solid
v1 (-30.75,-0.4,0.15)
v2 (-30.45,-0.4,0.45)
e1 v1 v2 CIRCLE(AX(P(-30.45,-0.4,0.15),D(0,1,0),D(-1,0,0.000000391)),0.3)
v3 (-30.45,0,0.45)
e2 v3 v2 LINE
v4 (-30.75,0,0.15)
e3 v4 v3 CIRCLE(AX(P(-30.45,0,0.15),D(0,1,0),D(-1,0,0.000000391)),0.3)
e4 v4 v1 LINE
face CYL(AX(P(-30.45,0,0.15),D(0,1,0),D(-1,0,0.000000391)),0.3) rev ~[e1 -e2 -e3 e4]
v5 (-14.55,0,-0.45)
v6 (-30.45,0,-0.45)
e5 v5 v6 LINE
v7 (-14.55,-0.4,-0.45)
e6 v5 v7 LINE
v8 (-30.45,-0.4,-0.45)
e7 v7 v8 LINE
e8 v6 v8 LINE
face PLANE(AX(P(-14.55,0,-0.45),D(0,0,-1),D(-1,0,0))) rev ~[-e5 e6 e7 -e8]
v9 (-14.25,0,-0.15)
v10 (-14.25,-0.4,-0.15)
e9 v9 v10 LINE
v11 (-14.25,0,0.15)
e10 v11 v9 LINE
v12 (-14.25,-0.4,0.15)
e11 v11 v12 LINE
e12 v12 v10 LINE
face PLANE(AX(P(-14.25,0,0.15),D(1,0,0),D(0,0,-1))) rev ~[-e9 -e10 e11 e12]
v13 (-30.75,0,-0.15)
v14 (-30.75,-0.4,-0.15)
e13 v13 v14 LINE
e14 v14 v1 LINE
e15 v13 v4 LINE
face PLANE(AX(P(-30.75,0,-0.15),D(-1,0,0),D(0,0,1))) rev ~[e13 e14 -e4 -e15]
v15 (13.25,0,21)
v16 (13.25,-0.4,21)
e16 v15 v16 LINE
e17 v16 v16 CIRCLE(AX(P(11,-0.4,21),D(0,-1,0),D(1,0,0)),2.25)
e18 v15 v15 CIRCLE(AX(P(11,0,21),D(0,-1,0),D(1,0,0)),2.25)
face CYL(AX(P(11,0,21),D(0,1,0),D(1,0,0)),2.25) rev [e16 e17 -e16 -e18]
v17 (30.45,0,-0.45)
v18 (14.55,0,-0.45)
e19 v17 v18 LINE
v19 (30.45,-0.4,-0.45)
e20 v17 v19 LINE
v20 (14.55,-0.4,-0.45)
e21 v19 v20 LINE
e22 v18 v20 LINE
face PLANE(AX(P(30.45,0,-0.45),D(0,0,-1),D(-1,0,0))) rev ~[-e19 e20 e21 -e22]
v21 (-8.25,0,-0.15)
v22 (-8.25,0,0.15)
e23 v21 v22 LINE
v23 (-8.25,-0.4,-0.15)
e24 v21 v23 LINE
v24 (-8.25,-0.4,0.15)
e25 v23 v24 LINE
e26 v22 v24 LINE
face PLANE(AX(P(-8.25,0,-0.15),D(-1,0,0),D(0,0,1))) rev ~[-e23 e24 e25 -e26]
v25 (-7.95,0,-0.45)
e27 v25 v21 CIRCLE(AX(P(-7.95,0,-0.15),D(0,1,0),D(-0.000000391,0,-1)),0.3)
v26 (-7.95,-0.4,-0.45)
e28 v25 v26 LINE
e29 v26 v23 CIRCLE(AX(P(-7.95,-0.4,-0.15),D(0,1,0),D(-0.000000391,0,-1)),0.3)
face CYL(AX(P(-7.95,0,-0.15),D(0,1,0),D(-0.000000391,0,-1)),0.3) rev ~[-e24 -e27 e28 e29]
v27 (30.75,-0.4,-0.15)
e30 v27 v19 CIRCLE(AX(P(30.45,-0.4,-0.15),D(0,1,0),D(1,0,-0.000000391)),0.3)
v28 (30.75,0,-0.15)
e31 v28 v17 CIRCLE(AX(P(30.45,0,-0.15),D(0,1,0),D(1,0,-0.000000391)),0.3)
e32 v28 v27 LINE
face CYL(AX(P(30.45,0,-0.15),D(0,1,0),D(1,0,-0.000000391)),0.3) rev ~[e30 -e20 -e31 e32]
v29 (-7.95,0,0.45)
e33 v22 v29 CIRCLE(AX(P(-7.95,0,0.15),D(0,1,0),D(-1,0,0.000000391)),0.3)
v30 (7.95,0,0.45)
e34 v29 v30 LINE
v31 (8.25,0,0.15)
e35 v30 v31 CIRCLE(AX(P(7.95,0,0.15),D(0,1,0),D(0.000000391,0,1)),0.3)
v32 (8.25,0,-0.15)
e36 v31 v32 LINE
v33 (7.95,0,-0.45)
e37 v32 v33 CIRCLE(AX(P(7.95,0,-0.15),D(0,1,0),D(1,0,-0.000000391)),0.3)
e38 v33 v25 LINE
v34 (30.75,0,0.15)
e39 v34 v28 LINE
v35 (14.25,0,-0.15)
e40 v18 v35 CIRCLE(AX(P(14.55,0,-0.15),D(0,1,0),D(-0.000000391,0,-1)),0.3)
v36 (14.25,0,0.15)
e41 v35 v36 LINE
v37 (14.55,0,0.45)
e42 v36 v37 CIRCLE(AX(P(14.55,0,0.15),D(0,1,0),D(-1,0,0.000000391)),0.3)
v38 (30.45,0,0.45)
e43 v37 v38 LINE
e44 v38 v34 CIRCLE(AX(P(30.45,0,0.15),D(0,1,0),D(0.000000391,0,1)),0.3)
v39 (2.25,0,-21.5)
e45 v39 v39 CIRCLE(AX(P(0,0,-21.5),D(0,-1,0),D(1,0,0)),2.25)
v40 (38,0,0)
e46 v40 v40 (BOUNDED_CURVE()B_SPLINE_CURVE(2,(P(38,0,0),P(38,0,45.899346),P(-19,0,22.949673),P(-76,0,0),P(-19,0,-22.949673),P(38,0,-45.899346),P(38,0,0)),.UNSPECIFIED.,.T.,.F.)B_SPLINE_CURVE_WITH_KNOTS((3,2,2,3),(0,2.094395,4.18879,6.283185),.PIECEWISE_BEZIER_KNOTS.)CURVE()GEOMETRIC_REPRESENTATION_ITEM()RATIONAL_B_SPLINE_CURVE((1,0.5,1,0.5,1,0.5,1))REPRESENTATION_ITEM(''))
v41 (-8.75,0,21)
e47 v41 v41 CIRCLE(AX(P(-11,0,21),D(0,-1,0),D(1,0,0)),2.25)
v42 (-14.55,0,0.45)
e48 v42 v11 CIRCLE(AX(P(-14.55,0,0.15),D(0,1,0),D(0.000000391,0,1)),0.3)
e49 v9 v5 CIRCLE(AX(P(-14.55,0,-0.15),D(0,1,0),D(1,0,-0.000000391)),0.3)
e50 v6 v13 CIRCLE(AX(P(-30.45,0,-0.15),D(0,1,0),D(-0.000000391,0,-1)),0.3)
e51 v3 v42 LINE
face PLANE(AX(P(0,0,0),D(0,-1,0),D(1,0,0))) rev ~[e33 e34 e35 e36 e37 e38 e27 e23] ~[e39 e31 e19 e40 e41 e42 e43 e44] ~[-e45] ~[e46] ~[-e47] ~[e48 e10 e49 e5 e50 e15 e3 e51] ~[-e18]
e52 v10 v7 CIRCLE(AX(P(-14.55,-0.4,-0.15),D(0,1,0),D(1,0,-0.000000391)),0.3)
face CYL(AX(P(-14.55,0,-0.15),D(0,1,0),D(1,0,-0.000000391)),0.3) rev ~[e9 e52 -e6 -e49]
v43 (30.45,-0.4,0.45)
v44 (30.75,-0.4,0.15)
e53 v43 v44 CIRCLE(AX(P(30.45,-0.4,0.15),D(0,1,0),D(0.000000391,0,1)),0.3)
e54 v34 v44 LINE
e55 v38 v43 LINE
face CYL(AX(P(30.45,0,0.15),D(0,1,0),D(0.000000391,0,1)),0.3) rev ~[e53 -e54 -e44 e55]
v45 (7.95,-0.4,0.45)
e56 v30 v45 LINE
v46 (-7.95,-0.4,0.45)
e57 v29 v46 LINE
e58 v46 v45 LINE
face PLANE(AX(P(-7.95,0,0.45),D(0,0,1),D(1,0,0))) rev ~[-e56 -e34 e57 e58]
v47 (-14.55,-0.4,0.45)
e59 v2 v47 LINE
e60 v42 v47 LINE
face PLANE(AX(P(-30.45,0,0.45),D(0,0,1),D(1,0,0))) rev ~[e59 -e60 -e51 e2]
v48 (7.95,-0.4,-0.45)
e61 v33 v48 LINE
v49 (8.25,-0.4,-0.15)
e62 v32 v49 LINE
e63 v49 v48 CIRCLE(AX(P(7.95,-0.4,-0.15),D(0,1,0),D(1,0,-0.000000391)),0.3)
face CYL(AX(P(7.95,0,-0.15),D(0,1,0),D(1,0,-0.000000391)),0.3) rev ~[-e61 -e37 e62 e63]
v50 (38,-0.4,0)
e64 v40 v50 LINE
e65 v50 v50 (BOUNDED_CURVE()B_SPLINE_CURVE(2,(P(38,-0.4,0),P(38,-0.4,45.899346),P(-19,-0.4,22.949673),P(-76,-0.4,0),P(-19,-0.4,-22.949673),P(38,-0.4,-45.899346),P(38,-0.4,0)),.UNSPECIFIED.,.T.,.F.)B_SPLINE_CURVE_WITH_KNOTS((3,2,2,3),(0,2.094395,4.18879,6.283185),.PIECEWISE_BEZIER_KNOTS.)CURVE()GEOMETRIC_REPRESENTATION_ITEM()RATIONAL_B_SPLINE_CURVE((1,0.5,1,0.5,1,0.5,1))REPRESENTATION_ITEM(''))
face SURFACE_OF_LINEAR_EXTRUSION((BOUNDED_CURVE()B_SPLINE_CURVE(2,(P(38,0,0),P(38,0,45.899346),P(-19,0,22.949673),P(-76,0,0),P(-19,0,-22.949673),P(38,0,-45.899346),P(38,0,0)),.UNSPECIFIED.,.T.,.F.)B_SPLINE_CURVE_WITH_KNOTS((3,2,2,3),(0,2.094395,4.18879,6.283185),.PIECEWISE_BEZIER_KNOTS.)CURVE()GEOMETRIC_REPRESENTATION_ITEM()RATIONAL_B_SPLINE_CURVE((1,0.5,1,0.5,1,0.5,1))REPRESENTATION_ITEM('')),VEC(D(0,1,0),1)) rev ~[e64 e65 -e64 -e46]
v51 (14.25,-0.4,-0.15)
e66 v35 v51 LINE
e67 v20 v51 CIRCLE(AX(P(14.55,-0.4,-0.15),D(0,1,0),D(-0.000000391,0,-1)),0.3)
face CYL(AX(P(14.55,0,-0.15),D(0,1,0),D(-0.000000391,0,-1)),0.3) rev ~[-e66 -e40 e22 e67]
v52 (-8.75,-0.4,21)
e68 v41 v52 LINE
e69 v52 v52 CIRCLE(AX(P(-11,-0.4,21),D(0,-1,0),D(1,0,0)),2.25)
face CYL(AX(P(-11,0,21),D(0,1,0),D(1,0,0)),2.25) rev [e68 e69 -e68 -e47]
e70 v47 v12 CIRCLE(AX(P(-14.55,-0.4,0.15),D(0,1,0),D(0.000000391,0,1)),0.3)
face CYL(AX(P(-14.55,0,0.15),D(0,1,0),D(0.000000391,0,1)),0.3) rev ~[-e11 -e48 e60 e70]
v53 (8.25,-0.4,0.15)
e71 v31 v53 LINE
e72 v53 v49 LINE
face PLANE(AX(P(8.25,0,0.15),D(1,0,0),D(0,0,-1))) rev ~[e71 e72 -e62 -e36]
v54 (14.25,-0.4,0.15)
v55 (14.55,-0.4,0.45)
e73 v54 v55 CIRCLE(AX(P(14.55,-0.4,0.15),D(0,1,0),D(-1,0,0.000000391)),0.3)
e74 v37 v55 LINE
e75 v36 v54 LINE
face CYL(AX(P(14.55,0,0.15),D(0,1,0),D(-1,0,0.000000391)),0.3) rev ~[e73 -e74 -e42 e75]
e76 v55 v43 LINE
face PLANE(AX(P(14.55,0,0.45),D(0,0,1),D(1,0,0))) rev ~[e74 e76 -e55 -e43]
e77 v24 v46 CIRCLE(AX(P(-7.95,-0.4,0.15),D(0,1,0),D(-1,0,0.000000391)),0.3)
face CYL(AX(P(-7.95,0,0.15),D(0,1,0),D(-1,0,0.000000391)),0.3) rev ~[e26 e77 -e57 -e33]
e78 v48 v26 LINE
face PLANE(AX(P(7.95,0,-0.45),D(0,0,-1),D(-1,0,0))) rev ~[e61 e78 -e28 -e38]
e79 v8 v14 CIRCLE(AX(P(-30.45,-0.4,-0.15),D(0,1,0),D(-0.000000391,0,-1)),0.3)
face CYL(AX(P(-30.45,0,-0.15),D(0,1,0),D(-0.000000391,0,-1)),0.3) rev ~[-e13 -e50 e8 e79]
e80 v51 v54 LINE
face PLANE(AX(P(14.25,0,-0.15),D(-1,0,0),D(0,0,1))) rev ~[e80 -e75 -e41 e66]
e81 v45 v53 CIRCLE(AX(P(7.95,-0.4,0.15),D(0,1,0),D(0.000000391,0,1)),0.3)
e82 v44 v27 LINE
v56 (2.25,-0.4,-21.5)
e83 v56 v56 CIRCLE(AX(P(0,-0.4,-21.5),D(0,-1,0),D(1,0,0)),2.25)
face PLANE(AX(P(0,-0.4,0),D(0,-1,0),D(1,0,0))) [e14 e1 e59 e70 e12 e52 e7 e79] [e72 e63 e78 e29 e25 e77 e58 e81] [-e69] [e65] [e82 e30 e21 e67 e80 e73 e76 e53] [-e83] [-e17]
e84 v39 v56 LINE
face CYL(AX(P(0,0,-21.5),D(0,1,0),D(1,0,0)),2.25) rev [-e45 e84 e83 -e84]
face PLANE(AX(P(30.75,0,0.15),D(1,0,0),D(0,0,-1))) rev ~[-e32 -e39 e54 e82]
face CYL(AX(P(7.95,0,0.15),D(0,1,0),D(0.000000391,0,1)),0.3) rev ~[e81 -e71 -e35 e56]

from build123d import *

# Parameters (mm, degrees)
F0_R     = 2.25
F1_DEPTH = 0.4


with BuildPart() as f1:
    # F0 (on Front) → F1 (new body)
    with BuildSketch(Plane.XZ):
        with BuildLine():
            add(Edge.make_bspline(
                [(38, 0), (38, 45.899346), (-19, 22.949673), (-76, 0), (-19, -22.949673), (38, -45.899346), (38, 0)],
                knots=[0, 0, 0, 2.094395, 2.094395, 4.18879, 4.18879, 6.283185, 6.283185, 6.283185], degree=2, weights=[1, 0.5, 1, 0.5, 1, 0.5, 1]))
        make_face()
        with Locations((0, -21.5)):
            Circle(F0_R, mode=Mode.SUBTRACT)
        with BuildLine():
            ThreePointArc((-30.75, 0.15), (-30.662132, 0.362132), (-30.45, 0.45))
            Line((-30.45, 0.45), (-14.55, 0.45))
            ThreePointArc((-14.55, 0.45), (-14.337868, 0.362132), (-14.25, 0.15))
            Line((-14.25, 0.15), (-14.25, -0.15))
            ThreePointArc((-14.25, -0.15), (-14.337868, -0.362132), (-14.55, -0.45))
            Line((-14.55, -0.45), (-30.45, -0.45))
            ThreePointArc((-30.45, -0.45), (-30.662132, -0.362132), (-30.75, -0.15))
            Line((-30.75, -0.15), (-30.75, 0.15))
        make_face(mode=Mode.SUBTRACT)
        with Locations((-11, 21)):
            Circle(F0_R, mode=Mode.SUBTRACT)
        with BuildLine():
            ThreePointArc((8.25, -0.15), (8.162132, -0.362132), (7.95, -0.45))
            Line((7.95, -0.45), (-7.95, -0.45))
            ThreePointArc((-7.95, -0.45), (-8.162132, -0.362132), (-8.25, -0.15))
            Line((-8.25, -0.15), (-8.25, 0.15))
            ThreePointArc((-8.25, 0.15), (-8.162132, 0.362132), (-7.95, 0.45))
            Line((-7.95, 0.45), (7.95, 0.45))
            ThreePointArc((7.95, 0.45), (8.162132, 0.362132), (8.25, 0.15))
            Line((8.25, 0.15), (8.25, -0.15))
        make_face(mode=Mode.SUBTRACT)
        with BuildLine():
            ThreePointArc((30.75, -0.15), (30.662132, -0.362132), (30.45, -0.45))
            Line((30.45, -0.45), (14.55, -0.45))
            ThreePointArc((14.55, -0.45), (14.337868, -0.362132), (14.25, -0.15))
            Line((14.25, -0.15), (14.25, 0.15))
            ThreePointArc((14.25, 0.15), (14.337868, 0.362132), (14.55, 0.45))
            Line((14.55, 0.45), (30.45, 0.45))
            ThreePointArc((30.45, 0.45), (30.662132, 0.362132), (30.75, 0.15))
            Line((30.75, 0.15), (30.75, -0.15))
        make_face(mode=Mode.SUBTRACT)
        with Locations((11, 21)):
            Circle(F0_R, mode=Mode.SUBTRACT)
    extrude(amount=F1_DEPTH)


solid = f1.part
